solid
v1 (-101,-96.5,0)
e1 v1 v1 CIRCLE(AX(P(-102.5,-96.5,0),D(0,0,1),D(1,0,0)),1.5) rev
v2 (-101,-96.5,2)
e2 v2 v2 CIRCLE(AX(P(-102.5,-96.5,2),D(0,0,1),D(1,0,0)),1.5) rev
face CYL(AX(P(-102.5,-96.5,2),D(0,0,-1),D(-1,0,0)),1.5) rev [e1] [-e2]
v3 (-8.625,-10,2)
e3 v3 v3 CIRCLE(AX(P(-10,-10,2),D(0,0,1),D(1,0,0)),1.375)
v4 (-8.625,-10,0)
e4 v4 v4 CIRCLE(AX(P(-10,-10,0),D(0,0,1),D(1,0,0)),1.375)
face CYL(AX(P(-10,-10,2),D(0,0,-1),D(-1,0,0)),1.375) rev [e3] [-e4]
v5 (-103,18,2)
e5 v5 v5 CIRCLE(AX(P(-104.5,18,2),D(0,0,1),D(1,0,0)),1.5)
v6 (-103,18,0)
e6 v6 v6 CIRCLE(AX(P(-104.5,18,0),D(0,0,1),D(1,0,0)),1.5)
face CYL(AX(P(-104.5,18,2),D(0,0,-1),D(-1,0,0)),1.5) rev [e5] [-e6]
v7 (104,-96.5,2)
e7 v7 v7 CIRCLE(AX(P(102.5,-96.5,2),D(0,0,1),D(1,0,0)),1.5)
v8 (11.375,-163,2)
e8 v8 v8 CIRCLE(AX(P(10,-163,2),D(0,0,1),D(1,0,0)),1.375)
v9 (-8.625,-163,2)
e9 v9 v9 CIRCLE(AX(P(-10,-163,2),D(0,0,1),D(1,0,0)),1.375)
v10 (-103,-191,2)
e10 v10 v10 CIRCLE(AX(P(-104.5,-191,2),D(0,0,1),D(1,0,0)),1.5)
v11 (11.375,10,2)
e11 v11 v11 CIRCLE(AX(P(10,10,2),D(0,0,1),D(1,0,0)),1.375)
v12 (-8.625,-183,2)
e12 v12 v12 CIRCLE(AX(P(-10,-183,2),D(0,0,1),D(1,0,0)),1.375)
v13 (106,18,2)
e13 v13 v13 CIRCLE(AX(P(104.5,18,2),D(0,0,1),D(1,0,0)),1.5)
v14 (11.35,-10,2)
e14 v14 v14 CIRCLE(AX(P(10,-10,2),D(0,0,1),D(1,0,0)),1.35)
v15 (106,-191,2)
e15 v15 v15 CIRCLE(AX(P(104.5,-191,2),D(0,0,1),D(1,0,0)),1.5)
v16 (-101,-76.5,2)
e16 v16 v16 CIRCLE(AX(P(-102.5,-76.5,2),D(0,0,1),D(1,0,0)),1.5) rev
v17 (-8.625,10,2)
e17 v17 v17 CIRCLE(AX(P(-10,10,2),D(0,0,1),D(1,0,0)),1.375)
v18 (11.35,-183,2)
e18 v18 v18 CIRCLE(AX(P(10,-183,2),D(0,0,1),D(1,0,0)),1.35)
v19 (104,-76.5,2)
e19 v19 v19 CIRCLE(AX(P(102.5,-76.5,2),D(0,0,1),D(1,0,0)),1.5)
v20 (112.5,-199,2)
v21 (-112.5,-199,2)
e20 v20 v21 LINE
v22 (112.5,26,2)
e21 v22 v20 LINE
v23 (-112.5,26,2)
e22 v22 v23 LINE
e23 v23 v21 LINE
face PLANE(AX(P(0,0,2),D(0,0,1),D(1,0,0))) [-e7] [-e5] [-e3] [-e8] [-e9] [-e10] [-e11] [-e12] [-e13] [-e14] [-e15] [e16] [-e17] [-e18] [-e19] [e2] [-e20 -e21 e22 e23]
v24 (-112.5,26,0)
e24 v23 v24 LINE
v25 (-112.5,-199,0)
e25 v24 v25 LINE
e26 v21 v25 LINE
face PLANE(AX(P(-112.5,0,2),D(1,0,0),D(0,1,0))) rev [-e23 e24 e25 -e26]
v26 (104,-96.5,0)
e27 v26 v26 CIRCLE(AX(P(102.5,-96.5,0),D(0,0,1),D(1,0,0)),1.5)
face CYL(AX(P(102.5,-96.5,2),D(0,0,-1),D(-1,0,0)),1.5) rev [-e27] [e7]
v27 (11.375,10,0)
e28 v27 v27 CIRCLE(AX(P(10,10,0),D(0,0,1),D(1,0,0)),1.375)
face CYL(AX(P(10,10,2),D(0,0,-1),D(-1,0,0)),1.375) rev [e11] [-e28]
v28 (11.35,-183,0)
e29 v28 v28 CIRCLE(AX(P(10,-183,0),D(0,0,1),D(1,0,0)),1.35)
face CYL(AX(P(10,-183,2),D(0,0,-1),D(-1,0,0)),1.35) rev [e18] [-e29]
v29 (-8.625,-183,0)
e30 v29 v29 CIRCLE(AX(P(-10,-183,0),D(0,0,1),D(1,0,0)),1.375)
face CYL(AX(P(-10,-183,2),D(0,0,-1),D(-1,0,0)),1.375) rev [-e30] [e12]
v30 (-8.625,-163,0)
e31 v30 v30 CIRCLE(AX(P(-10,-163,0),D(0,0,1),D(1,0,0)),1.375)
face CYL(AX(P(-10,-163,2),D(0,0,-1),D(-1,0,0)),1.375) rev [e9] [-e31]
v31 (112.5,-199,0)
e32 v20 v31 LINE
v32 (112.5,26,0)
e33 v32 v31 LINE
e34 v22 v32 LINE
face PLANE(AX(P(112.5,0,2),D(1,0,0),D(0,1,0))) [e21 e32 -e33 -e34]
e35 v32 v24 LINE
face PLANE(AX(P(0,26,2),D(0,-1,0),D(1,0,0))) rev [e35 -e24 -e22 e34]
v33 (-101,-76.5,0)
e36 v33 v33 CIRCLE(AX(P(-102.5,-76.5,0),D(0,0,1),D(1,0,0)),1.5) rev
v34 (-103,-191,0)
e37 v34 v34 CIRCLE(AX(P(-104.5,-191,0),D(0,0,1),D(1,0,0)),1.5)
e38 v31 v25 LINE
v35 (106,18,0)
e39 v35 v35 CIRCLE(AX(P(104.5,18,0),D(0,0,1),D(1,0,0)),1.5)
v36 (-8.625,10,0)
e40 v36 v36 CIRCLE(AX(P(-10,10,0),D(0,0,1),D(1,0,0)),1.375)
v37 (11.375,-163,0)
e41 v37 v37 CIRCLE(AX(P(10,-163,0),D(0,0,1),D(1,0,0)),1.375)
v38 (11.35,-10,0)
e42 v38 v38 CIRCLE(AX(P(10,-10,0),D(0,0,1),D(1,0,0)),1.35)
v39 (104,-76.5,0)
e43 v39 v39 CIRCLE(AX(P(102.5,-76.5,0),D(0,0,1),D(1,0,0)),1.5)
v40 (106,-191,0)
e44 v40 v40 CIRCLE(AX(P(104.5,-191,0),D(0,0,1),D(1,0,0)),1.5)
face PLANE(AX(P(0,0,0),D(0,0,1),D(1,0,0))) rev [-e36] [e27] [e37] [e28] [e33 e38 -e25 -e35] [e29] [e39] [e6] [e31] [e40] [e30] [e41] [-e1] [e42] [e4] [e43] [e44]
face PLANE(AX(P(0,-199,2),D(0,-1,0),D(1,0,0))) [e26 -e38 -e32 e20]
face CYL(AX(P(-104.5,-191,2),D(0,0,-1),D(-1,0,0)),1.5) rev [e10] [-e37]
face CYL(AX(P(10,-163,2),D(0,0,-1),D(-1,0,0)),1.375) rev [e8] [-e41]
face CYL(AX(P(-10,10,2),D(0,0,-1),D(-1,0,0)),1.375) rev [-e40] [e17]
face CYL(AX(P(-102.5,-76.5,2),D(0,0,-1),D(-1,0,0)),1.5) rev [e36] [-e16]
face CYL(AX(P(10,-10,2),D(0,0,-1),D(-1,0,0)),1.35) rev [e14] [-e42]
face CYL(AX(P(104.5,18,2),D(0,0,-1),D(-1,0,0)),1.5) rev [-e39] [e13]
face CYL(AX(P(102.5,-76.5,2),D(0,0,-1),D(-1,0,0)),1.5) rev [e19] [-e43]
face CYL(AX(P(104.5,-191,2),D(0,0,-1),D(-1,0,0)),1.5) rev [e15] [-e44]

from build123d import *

# Parameters (mm, degrees)
SKETCH1_W           = 225
SKETCH1_H           = 225
SKETCH1_R           = 1.35
SKETCH1_R_2         = 1.375
SKETCH1_R_3         = 1.5
BOSS_EXTRUDE1_DEPTH = 2


with BuildPart() as part:
    # Sketch1 → Boss-Extrude1 (new body)
    with BuildSketch(Plane.XY):
        with Locations((0, -86.5)):
            Rectangle(SKETCH1_W, SKETCH1_H)
        with Locations((10, -10)):
            Circle(SKETCH1_R, mode=Mode.SUBTRACT)
        with Locations((-10, -10)):
            Circle(SKETCH1_R_2, mode=Mode.SUBTRACT)
        with Locations((-10, 10)):
            Circle(SKETCH1_R_2, mode=Mode.SUBTRACT)
        with Locations((10, 10)):
            Circle(SKETCH1_R_2, mode=Mode.SUBTRACT)
        with Locations((10, -183)):
            Circle(SKETCH1_R, mode=Mode.SUBTRACT)
        with Locations((-10, -183)):
            Circle(SKETCH1_R_2, mode=Mode.SUBTRACT)
        with Locations((-10, -163)):
            Circle(SKETCH1_R_2, mode=Mode.SUBTRACT)
        with Locations((10, -163)):
            Circle(SKETCH1_R_2, mode=Mode.SUBTRACT)
        with Locations((102.5, -76.5)):
            Circle(SKETCH1_R_3, mode=Mode.SUBTRACT)
        with Locations((102.5, -96.5)):
            Circle(SKETCH1_R_3, mode=Mode.SUBTRACT)
        with Locations((-102.5, -76.5)):
            Circle(SKETCH1_R_3, mode=Mode.SUBTRACT)
        with Locations((-102.5, -96.5)):
            Circle(SKETCH1_R_3, mode=Mode.SUBTRACT)
        with Locations((104.5, 18)):
            Circle(SKETCH1_R_3, mode=Mode.SUBTRACT)
        with Locations((104.5, -191)):
            Circle(SKETCH1_R_3, mode=Mode.SUBTRACT)
        with Locations((-104.5, -191)):
            Circle(SKETCH1_R_3, mode=Mode.SUBTRACT)
        with Locations((-104.5, 18)):
            Circle(SKETCH1_R_3, mode=Mode.SUBTRACT)
    extrude(amount=BOSS_EXTRUDE1_DEPTH)


solid = part.part
